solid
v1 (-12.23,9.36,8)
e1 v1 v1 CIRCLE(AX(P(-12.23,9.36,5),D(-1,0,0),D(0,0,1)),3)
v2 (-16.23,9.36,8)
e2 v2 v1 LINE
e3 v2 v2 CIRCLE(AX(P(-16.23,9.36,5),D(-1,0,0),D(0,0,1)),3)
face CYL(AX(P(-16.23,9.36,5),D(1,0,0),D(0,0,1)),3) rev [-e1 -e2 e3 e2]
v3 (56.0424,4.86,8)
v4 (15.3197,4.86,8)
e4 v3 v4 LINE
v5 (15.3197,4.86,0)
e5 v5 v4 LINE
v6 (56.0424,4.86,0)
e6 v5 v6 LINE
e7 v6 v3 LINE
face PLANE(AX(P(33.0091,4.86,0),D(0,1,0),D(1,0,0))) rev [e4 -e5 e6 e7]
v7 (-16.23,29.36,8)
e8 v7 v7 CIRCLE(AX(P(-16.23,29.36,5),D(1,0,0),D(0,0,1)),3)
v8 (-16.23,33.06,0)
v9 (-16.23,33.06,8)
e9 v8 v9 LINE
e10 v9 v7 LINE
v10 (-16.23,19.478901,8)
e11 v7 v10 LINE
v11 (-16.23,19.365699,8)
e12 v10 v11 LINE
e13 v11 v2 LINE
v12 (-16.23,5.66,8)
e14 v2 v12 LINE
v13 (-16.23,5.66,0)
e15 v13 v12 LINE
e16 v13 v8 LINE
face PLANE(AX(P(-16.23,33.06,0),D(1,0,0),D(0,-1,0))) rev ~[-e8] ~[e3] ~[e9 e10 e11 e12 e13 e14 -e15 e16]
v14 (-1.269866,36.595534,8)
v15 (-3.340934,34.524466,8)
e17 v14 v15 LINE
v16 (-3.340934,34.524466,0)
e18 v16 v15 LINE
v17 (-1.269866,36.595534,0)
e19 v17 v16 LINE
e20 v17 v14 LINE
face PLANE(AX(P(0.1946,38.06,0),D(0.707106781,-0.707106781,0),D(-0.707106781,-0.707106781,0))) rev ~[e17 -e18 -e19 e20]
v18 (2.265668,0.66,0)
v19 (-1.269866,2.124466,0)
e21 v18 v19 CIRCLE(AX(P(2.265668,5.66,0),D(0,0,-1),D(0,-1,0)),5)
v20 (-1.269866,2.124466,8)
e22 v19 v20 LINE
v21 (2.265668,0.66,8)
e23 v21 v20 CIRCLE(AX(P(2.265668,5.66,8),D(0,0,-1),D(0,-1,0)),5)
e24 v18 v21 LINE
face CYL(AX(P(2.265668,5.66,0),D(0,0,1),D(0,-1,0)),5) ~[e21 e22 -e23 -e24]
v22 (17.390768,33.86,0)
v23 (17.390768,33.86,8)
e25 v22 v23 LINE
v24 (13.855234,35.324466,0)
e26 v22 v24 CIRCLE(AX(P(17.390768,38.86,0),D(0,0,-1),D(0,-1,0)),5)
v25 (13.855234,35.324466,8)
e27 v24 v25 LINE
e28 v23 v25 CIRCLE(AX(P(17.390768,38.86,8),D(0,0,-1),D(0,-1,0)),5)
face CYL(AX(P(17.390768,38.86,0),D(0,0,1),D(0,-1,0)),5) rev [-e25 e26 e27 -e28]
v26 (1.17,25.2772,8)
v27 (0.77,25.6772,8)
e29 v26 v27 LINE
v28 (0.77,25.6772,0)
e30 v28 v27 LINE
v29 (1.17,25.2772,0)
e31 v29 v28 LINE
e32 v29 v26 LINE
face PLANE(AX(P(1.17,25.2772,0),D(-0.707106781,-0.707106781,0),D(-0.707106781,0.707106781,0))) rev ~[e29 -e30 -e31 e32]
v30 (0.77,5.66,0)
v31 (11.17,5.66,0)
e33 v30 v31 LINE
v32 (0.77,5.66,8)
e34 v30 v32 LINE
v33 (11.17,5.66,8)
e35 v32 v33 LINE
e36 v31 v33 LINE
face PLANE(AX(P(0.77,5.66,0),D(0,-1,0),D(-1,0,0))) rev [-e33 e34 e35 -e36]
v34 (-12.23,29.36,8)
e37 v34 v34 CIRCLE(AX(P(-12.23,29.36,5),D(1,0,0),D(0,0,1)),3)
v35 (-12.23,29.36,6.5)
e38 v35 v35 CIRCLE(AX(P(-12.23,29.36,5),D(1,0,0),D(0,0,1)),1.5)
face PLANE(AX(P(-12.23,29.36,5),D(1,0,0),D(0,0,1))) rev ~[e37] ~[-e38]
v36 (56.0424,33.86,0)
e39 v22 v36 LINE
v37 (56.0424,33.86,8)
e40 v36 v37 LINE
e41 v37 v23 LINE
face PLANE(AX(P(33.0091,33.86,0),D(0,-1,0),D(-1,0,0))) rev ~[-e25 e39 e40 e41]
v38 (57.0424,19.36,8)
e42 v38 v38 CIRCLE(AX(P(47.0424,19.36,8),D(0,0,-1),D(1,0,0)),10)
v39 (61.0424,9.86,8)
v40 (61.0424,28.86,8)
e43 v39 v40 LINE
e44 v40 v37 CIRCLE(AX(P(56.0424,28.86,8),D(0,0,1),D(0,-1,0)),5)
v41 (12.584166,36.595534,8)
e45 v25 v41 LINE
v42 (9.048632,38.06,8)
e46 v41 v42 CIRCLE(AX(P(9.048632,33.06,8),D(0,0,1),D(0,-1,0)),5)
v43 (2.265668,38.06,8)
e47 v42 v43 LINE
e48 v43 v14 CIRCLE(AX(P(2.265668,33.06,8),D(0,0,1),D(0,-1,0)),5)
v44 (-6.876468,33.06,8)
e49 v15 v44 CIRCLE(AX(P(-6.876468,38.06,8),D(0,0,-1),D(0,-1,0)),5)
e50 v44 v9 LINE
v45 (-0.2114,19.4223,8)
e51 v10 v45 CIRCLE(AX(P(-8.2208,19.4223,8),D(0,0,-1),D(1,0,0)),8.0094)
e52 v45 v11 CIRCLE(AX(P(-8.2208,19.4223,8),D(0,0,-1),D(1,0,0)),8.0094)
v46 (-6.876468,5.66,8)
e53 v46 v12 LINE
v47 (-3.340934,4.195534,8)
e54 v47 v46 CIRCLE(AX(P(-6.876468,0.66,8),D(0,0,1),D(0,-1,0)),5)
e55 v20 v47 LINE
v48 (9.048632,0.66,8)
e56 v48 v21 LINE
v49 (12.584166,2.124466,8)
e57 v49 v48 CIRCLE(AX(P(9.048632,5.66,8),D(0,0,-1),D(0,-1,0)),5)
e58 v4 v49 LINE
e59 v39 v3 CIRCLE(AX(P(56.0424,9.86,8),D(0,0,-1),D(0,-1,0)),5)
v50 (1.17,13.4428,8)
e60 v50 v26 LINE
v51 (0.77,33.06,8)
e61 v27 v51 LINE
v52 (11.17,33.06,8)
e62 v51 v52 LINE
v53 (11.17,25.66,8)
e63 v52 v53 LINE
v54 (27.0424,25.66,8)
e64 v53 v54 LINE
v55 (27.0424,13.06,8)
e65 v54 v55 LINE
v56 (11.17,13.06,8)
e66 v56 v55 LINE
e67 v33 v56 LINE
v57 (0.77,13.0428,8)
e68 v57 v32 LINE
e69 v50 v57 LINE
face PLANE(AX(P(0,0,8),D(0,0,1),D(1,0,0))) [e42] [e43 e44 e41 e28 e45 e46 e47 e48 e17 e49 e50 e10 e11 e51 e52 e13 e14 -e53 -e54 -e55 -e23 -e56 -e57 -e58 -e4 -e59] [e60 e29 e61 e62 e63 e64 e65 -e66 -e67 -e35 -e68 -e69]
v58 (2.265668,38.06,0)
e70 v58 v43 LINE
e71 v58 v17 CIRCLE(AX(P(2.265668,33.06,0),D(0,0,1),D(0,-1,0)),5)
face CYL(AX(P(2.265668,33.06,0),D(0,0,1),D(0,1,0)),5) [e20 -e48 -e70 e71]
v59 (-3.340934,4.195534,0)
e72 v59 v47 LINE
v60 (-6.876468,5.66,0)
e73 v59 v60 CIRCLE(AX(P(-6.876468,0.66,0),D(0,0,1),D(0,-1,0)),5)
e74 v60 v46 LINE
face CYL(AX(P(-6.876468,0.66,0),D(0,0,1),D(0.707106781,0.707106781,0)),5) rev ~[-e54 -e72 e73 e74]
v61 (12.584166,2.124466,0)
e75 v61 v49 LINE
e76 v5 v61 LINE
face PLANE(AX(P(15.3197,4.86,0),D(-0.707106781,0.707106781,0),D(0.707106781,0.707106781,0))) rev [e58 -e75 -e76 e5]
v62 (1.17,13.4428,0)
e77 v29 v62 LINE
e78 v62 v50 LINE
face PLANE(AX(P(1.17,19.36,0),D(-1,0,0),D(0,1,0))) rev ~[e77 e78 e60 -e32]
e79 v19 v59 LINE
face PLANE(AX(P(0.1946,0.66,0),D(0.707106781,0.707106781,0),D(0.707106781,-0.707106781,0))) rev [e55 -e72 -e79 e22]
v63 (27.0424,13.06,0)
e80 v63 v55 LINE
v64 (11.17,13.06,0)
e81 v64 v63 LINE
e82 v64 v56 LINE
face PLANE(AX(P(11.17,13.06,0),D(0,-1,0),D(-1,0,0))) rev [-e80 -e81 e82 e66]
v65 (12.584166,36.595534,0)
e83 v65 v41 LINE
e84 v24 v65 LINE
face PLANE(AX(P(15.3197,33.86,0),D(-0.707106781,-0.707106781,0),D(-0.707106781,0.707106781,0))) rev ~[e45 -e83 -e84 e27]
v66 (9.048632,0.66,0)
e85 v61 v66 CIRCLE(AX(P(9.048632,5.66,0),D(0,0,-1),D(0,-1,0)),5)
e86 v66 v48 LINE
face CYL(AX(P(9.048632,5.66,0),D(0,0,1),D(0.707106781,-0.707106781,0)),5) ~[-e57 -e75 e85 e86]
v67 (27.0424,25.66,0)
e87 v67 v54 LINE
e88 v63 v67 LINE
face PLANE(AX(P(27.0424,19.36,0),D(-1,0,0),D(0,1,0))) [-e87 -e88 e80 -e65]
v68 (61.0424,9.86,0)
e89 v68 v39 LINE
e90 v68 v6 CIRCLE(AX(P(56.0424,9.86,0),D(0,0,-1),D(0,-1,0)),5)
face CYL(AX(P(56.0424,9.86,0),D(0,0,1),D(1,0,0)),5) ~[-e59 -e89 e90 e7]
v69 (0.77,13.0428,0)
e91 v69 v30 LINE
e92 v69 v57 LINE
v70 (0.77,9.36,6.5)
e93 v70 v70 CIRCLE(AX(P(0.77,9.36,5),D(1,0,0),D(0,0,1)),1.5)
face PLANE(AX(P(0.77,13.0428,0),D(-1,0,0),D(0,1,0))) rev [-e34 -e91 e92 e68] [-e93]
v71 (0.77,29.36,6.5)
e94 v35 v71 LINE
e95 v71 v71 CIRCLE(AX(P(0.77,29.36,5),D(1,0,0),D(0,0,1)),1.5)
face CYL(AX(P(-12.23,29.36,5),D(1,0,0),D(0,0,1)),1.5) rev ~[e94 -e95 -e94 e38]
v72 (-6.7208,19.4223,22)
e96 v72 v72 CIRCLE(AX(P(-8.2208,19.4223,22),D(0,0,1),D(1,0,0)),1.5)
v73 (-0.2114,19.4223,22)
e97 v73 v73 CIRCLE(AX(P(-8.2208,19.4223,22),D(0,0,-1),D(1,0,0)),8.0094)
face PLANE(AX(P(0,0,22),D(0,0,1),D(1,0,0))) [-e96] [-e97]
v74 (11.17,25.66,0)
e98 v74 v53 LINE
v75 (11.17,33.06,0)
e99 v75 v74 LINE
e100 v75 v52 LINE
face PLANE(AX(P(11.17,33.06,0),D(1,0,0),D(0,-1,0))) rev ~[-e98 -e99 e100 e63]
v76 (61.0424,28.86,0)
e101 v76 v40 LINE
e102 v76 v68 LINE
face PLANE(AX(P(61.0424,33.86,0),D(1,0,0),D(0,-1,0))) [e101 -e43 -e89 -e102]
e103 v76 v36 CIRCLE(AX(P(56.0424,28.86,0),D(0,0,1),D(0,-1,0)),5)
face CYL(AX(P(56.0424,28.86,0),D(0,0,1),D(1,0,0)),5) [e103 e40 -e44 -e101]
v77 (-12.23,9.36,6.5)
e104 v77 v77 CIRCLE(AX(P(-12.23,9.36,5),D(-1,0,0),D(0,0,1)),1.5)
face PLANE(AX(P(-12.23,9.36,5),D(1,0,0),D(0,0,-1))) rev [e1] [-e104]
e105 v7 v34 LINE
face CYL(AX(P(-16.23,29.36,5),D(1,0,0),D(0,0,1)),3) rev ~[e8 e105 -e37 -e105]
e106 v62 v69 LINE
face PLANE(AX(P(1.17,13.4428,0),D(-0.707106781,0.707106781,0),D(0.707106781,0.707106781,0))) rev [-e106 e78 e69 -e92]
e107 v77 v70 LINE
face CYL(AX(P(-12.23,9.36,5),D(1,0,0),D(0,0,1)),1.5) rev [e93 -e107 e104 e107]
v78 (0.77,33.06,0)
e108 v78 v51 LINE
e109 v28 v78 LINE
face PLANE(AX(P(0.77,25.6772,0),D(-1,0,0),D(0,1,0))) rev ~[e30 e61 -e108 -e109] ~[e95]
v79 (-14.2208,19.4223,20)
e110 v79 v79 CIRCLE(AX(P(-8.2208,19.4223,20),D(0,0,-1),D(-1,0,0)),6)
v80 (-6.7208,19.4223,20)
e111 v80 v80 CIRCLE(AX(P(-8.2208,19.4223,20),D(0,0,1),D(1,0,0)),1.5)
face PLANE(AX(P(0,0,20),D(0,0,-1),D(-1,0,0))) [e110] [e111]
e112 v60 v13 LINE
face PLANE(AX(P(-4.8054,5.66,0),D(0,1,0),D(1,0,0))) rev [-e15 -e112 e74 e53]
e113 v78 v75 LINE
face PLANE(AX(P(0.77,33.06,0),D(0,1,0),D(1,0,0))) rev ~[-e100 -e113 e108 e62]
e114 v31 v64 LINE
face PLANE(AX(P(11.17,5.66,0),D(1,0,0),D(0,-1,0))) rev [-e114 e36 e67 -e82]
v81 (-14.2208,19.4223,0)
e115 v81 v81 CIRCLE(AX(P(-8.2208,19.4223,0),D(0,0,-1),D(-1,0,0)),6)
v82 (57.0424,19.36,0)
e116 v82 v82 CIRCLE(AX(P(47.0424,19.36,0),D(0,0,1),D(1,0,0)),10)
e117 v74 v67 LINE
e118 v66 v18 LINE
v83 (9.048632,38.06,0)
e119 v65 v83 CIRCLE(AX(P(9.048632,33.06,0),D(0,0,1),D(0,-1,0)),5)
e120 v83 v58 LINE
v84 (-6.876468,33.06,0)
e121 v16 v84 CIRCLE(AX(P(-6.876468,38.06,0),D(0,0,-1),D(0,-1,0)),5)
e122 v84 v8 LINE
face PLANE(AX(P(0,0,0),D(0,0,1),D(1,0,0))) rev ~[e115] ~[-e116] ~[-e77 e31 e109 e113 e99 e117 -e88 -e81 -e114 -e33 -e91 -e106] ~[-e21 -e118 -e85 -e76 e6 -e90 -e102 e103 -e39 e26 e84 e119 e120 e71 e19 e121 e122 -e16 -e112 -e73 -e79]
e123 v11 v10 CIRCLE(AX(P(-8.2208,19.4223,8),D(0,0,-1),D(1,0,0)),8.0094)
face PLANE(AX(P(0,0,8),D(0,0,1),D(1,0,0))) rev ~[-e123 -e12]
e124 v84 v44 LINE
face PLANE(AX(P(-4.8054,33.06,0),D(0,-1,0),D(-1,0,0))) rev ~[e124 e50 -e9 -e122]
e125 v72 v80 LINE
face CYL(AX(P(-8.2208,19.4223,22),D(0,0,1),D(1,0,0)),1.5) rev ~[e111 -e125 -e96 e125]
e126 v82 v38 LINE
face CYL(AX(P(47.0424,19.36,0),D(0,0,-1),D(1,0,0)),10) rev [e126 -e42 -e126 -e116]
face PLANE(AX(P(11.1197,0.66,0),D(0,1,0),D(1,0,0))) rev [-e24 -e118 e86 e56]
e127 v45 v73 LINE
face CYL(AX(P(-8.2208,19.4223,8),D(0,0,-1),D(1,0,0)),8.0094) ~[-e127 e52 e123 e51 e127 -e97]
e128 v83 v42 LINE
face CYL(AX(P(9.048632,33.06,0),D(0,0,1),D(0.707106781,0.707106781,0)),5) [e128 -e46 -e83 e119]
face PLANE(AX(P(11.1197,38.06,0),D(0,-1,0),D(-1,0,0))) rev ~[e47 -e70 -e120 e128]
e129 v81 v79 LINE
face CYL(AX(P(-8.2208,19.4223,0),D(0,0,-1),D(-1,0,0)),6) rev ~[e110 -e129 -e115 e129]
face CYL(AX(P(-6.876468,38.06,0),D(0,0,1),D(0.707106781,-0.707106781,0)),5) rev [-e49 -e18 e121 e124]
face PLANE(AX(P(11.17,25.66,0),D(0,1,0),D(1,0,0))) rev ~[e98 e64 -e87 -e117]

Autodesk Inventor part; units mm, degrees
ref_plane "YZ Plane" through (0, 0, 0) normal (1, 0, 0) x (0, 1, 0)
ref_plane "XZ Plane" through (0, 0, 0) normal (0, 1, 0) x (-1, 0, 0)
ref_plane "XY Plane" through (0, 0, 0) normal (0, 0, 1) x (1, 0, 0)
ref_plane "Arbeitsebene1" through (0, 0, 0) normal (0, 0, 1) x (1, 0, 0)
sketch "Skizze1" plane through (0, 0, 0) normal (0, 0, 1) x (1, 0, 0)
  arc A0 (9.5966, 13.5152) -> (9.0972, 14.0928) centre (8.4862, 13.06) ccw construction
  arc A1 (8.9755, 14.2862) -> (9.0972, 14.0928) centre (9.2245, 14.308) ccw construction
  line L0 (8.9755, 14.2862) -> (8.9453, 14.6318) construction
  arc A2 (8.9453, 14.6318) -> (8.6962, 14.86) centre (8.6962, 14.61) ccw construction
  line L1 (8.6962, 14.86) -> (8.2438, 14.86) construction
  arc A3 (8.2438, 14.86) -> (7.9947, 14.6318) centre (8.2438, 14.61) ccw construction
  line L2 (7.9947, 14.6318) -> (7.9627, 14.2652) construction
  arc A4 (7.8468, 14.0755) -> (7.9627, 14.2652) centre (7.7136, 14.287) ccw construction
  arc A5 (7.8468, 14.0755) -> (7.3759, 13.5152) centre (8.4862, 13.06) ccw construction
  arc A6 (7.1446, 13.36) -> (7.3759, 13.5152) centre (7.1446, 13.61) ccw construction
  line L3 (7.1446, 13.36) -> (6.47, 13.36) construction
  line L4 (6.47, 13.36) -> (5.97, 13.86) construction
  line L5 (5.97, 13.86) -> (5.97, 24.86) construction
  line L6 (5.97, 24.86) -> (6.47, 25.36) construction
  line L7 (6.47, 25.36) -> (7.1446, 25.36) construction
  arc A7 (7.3759, 25.2048) -> (7.1446, 25.36) centre (7.1446, 25.11) ccw construction
  arc A8 (7.3759, 25.2048) -> (7.8468, 24.6445) centre (8.4862, 25.66) ccw construction
  arc A9 (7.9627, 24.4548) -> (7.8468, 24.6445) centre (7.7136, 24.433) ccw construction
  line L8 (7.9627, 24.4548) -> (7.9947, 24.0882) construction
  arc A10 (7.9947, 24.0882) -> (8.2438, 23.86) centre (8.2438, 24.11) ccw construction
  line L9 (8.2438, 23.86) -> (8.6962, 23.86) construction
  arc A11 (8.6962, 23.86) -> (8.9453, 24.0882) centre (8.6962, 24.11) ccw construction
  line L10 (8.9453, 24.0882) -> (8.9755, 24.4338) construction
  arc A12 (9.0972, 24.6272) -> (8.9755, 24.4338) centre (9.2245, 24.412) ccw construction
  arc A13 (9.0972, 24.6272) -> (9.5966, 25.2048) centre (8.4862, 25.66) ccw construction
  arc A14 (9.8279, 25.36) -> (9.5966, 25.2048) centre (9.8279, 25.11) ccw construction
  line L11 (9.8279, 25.36) -> (10.97, 25.36) construction
  line L12 (10.97, 25.36) -> (10.97, 32.26) construction
  line L13 (10.97, 32.26) -> (10.37, 32.86) construction
  line L14 (10.37, 32.86) -> (6.97, 32.86) construction
  arc A15 (6.17, 32.86) -> (6.97, 32.86) centre (6.57, 33.16) ccw construction
  line L15 (6.17, 32.86) -> (1.57, 32.86) construction
  line L16 (1.57, 32.86) -> (0.97, 32.26) construction
  line L17 (0.97, 32.26) -> (0.97, 25.76) construction
  line L18 (0.97, 25.76) -> (1.37, 25.36) construction
  line L19 (1.37, 25.36) -> (1.37, 13.36) construction
  line L20 (1.37, 13.36) -> (0.97, 12.96) construction
  line L21 (0.97, 12.96) -> (0.97, 6.46) construction
  line L22 (0.97, 6.46) -> (1.57, 5.86) construction
  line L23 (1.57, 5.86) -> (10.37, 5.86) construction
  line L24 (10.37, 5.86) -> (10.97, 6.46) construction
  line L25 (10.97, 6.46) -> (10.97, 13.36) construction
  line L26 (10.97, 13.36) -> (9.8279, 13.36) construction
  arc A16 (9.5966, 13.5152) -> (9.8279, 13.36) centre (9.8279, 13.61) ccw construction
  line L27 (10.4528, 5.66) -> (1.4872, 5.66) construction
  line L28 (1.4872, 5.66) -> (0.77, 6.3772) construction
  line L29 (0.77, 6.3772) -> (0.77, 13.0428) construction
  line L30 (0.77, 13.0428) -> (1.17, 13.4428) construction
  line L31 (1.17, 13.4428) -> (1.17, 25.2772) construction
  line L32 (1.17, 25.2772) -> (0.77, 25.6772) construction
  line L33 (0.77, 25.6772) -> (0.77, 32.3428) construction
  line L34 (0.77, 32.3428) -> (1.4872, 33.06) construction
  line L35 (1.4872, 33.06) -> (6.2872, 33.06) construction
  arc A17 (6.2872, 33.06) -> (6.8528, 33.06) centre (6.57, 33.16) ccw construction
  line L36 (6.8528, 33.06) -> (10.4528, 33.06) construction
  line L37 (10.4528, 33.06) -> (11.17, 32.3428) construction
  line L38 (11.17, 32.3428) -> (11.17, 25.16) construction
  line L39 (11.17, 25.16) -> (9.8279, 25.16) construction
  arc A18 (9.8279, 25.16) -> (9.7816, 25.129) centre (9.8279, 25.11) ccw construction
  arc A19 (9.1991, 24.4551) -> (9.7816, 25.129) centre (8.4862, 25.66) ccw construction
  arc A20 (9.1991, 24.4551) -> (9.1747, 24.4164) centre (9.2245, 24.412) ccw construction
  line L40 (9.1747, 24.4164) -> (9.1445, 24.0708) construction
  arc A21 (8.6962, 23.66) -> (9.1445, 24.0708) centre (8.6962, 24.11) ccw construction
  line L41 (8.6962, 23.66) -> (8.2438, 23.66) construction
  arc A22 (7.7955, 24.0708) -> (8.2438, 23.66) centre (8.2438, 24.11) ccw construction
  line L42 (7.7955, 24.0708) -> (7.7634, 24.4373) construction
  arc A23 (7.7634, 24.4373) -> (7.7403, 24.4753) centre (7.7136, 24.433) ccw construction
  arc A24 (7.1909, 25.129) -> (7.7403, 24.4753) centre (8.4862, 25.66) ccw construction
  arc A25 (7.1909, 25.129) -> (7.1446, 25.16) centre (7.1446, 25.11) ccw construction
  line L43 (7.1446, 25.16) -> (6.5528, 25.16) construction
  line L44 (6.5528, 25.16) -> (6.17, 24.7772) construction
  line L45 (6.17, 24.7772) -> (6.17, 13.9428) construction
  line L46 (6.17, 13.9428) -> (6.5528, 13.56) construction
  line L47 (6.5528, 13.56) -> (7.1446, 13.56) construction
  arc A26 (7.1446, 13.56) -> (7.1909, 13.591) centre (7.1446, 13.61) ccw construction
  arc A27 (7.7403, 14.2447) -> (7.1909, 13.591) centre (8.4862, 13.06) ccw construction
  arc A28 (7.7403, 14.2447) -> (7.7634, 14.2827) centre (7.7136, 14.287) ccw construction
  line L48 (7.7634, 14.2827) -> (7.7955, 14.6492) construction
  arc A29 (8.2438, 15.06) -> (7.7955, 14.6492) centre (8.2438, 14.61) ccw construction
  line L49 (8.2438, 15.06) -> (8.6962, 15.06) construction
  arc A30 (9.1445, 14.6492) -> (8.6962, 15.06) centre (8.6962, 14.61) ccw construction
  line L50 (9.1445, 14.6492) -> (9.1747, 14.3036) construction
  arc A31 (9.1747, 14.3036) -> (9.1991, 14.2649) centre (9.2245, 14.308) ccw construction
  arc A32 (9.7816, 13.591) -> (9.1991, 14.2649) centre (8.4862, 13.06) ccw construction
  arc A33 (9.7816, 13.591) -> (9.8279, 13.56) centre (9.8279, 13.61) ccw construction
  line L51 (9.8279, 13.56) -> (11.17, 13.56) construction
  line L52 (11.17, 13.56) -> (11.17, 6.3772) construction
  line L53 (11.17, 6.3772) -> (10.4528, 5.66) construction
  line L54 (11.17, 25.66) -> (33.0091, 25.66)
  line L55 (11.17, 25.66) -> (33.0091, 25.66) construction
  line L56 (33.0091, 33.86) -> (15.3197, 33.86)
  line L57 (15.3197, 33.86) -> (11.1197, 38.06)
  line L58 (11.1197, 38.06) -> (0.1946, 38.06)
  line L59 (-16.23, 33.06) -> (-16.23, 19.36)
  line L60 (-16.23, 19.36) -> (1.17, 19.36)
  line L61 (1.17, 19.36) -> (1.17, 25.2772)
  line L62 (1.17, 25.2772) -> (0.77, 25.6772)
  line L63 (0.77, 25.6772) -> (0.77, 33.06)
  line L64 (0.77, 33.06) -> (11.17, 33.06)
  line L65 (11.17, 33.06) -> (11.17, 25.66)
  line L66 (36.7731, 34.36) -> (36.7731, 25.3561) projected
  line L67 (36.7731, 13.415) -> (36.7731, 4.36) projected
  line L68 (0.1946, 38.06) -> (-4.8054, 33.06)
  line L69 (0.1946, 38.06) -> (7.2656, 38.06) construction
  line L70 (-4.8054, 33.06) -> (-16.23, 33.06)
  line L71 (33.0091, 33.86) -> (33.0091, 25.66)
  line L72 (33.0091, 33.86) -> (61.0424, 33.86)
  line L73 (61.0424, 33.86) -> (61.0424, 19.36)
  line L74 (61.0424, 19.36) -> (57.0424, 19.36)
  line L75 (37.0424, 19.36) -> (27.0424, 19.36)
  line L76 (27.0424, 19.36) -> (27.0424, 25.66)
  circle A34 centre (47.0424, 19.36) radius 10
  point P0 (0, 0)
  point P1 (-2.0031, 19.36)
  point P2 (-4.8031, 19.36)
  dimension "d0" = 0.2
  dimension "d2" = 5
  dimension "d4" = 17
  dimension "d7" = 0.5
  dimension "d8" = 3.5
  dimension "d21" = 135
  dimension "d45" = 20
  dimension "d46" = 14
  dimension "d47" = 20
  dimension "d48" = 14.5
extrude "Extrusion1" add sketch "Skizze1" along normal blind 8 contours L65 L64 L63 L62 L61 L60 L59 L70 L68 L58 L57 L56 L71 L54 | L54 L71 L72 L73 L74 A34 L75 L76
sketch "Skizze2" plane through (-16.23, 19.36, 0) normal (-1, 0, 0) x (0, 0, 1)
  circle A0 centre (5, 10) radius 1.75 projected
  line L0 (0, 13.7) -> (0, 0) projected
  line L1 (0, 0) -> (8, 0) projected
  line L2 (8, 13.7) -> (8, 0) projected
  line L3 (0, 13.7) -> (8, 13.7) projected
  circle A1 centre (5, 10) radius 1.5
  point P0 (0, -19.36)
  dimension "d11" = 3
hole "Bohrung1" at (-16.23, 29.36, 5) direction (1, 0, 0) diameter 3 depth 20 tip angle 118 counterbore diameter 6 counterbore depth 4
mirror "Spiegeln2" about plane through (-16.23, 19.36, 0) normal (0, -1, 0) of "Extrusion1", "Bohrung1"
sketch "Skizze6" plane through (0, 0, 8) normal (0, 0, 1) x (1, 0, 0)
  line L0 (-16.23, 33.06) -> (-16.23, 5.66) projected
  circle A0 centre (-8.2208, 19.4223) radius 1.9812 projected
  circle A1 centre (-8.2208, 19.4223) radius 8.0094
  point P0 (0, 0)
  point P1 (-16.23, 19.36)
extrude "Extrusion5" add sketch "Skizze6" along normal blind 14 contours A0 | A1
sketch "Skizze7" plane through (0, 0, 0) normal (0, 0, -1) x (-1, 0, 0)
  circle A0 centre (8.2208, 19.4223) radius 6
  circle A1 centre (8.2208, 19.4223) radius 1.9812 projected
  point P0 (0, 0)
  dimension "d34" = 12
extrude "Extrusion6" cut sketch "Skizze7" against normal blind 20 contours A0 | A1
sketch "Skizze8" plane through (-7.7141, 19.36, 22) normal (0, 0, 1) x (1, 0, 0)
  circle A0 centre (-0.5067, 0.0623) radius 1.5
  circle A1 centre (-0.5067, 0.0623) radius 1.4224 projected
  point P0 (7.7141, -19.36)
  dimension "d37" = 3
extrude "Extrusion7" cut sketch "Skizze8" against normal blind 15 contours A0 | A1
fillet "Rundung1" radius 5 9 edges at (61.0424, 33.86, 4) (61.0424, 4.86, 4) (11.1197, 0.66, 4) (0.1946, 0.66, 4) (-4.8054, 5.66, 4) (15.3197, 33.86, 4) (11.1197, 38.06, 4) (0.1946, 38.06, 4) (-4.8054, 33.06, 4)
properties part number "30_Cube_Cube_Z_Focus_NEMA8_captive_objectivemount_v0"
